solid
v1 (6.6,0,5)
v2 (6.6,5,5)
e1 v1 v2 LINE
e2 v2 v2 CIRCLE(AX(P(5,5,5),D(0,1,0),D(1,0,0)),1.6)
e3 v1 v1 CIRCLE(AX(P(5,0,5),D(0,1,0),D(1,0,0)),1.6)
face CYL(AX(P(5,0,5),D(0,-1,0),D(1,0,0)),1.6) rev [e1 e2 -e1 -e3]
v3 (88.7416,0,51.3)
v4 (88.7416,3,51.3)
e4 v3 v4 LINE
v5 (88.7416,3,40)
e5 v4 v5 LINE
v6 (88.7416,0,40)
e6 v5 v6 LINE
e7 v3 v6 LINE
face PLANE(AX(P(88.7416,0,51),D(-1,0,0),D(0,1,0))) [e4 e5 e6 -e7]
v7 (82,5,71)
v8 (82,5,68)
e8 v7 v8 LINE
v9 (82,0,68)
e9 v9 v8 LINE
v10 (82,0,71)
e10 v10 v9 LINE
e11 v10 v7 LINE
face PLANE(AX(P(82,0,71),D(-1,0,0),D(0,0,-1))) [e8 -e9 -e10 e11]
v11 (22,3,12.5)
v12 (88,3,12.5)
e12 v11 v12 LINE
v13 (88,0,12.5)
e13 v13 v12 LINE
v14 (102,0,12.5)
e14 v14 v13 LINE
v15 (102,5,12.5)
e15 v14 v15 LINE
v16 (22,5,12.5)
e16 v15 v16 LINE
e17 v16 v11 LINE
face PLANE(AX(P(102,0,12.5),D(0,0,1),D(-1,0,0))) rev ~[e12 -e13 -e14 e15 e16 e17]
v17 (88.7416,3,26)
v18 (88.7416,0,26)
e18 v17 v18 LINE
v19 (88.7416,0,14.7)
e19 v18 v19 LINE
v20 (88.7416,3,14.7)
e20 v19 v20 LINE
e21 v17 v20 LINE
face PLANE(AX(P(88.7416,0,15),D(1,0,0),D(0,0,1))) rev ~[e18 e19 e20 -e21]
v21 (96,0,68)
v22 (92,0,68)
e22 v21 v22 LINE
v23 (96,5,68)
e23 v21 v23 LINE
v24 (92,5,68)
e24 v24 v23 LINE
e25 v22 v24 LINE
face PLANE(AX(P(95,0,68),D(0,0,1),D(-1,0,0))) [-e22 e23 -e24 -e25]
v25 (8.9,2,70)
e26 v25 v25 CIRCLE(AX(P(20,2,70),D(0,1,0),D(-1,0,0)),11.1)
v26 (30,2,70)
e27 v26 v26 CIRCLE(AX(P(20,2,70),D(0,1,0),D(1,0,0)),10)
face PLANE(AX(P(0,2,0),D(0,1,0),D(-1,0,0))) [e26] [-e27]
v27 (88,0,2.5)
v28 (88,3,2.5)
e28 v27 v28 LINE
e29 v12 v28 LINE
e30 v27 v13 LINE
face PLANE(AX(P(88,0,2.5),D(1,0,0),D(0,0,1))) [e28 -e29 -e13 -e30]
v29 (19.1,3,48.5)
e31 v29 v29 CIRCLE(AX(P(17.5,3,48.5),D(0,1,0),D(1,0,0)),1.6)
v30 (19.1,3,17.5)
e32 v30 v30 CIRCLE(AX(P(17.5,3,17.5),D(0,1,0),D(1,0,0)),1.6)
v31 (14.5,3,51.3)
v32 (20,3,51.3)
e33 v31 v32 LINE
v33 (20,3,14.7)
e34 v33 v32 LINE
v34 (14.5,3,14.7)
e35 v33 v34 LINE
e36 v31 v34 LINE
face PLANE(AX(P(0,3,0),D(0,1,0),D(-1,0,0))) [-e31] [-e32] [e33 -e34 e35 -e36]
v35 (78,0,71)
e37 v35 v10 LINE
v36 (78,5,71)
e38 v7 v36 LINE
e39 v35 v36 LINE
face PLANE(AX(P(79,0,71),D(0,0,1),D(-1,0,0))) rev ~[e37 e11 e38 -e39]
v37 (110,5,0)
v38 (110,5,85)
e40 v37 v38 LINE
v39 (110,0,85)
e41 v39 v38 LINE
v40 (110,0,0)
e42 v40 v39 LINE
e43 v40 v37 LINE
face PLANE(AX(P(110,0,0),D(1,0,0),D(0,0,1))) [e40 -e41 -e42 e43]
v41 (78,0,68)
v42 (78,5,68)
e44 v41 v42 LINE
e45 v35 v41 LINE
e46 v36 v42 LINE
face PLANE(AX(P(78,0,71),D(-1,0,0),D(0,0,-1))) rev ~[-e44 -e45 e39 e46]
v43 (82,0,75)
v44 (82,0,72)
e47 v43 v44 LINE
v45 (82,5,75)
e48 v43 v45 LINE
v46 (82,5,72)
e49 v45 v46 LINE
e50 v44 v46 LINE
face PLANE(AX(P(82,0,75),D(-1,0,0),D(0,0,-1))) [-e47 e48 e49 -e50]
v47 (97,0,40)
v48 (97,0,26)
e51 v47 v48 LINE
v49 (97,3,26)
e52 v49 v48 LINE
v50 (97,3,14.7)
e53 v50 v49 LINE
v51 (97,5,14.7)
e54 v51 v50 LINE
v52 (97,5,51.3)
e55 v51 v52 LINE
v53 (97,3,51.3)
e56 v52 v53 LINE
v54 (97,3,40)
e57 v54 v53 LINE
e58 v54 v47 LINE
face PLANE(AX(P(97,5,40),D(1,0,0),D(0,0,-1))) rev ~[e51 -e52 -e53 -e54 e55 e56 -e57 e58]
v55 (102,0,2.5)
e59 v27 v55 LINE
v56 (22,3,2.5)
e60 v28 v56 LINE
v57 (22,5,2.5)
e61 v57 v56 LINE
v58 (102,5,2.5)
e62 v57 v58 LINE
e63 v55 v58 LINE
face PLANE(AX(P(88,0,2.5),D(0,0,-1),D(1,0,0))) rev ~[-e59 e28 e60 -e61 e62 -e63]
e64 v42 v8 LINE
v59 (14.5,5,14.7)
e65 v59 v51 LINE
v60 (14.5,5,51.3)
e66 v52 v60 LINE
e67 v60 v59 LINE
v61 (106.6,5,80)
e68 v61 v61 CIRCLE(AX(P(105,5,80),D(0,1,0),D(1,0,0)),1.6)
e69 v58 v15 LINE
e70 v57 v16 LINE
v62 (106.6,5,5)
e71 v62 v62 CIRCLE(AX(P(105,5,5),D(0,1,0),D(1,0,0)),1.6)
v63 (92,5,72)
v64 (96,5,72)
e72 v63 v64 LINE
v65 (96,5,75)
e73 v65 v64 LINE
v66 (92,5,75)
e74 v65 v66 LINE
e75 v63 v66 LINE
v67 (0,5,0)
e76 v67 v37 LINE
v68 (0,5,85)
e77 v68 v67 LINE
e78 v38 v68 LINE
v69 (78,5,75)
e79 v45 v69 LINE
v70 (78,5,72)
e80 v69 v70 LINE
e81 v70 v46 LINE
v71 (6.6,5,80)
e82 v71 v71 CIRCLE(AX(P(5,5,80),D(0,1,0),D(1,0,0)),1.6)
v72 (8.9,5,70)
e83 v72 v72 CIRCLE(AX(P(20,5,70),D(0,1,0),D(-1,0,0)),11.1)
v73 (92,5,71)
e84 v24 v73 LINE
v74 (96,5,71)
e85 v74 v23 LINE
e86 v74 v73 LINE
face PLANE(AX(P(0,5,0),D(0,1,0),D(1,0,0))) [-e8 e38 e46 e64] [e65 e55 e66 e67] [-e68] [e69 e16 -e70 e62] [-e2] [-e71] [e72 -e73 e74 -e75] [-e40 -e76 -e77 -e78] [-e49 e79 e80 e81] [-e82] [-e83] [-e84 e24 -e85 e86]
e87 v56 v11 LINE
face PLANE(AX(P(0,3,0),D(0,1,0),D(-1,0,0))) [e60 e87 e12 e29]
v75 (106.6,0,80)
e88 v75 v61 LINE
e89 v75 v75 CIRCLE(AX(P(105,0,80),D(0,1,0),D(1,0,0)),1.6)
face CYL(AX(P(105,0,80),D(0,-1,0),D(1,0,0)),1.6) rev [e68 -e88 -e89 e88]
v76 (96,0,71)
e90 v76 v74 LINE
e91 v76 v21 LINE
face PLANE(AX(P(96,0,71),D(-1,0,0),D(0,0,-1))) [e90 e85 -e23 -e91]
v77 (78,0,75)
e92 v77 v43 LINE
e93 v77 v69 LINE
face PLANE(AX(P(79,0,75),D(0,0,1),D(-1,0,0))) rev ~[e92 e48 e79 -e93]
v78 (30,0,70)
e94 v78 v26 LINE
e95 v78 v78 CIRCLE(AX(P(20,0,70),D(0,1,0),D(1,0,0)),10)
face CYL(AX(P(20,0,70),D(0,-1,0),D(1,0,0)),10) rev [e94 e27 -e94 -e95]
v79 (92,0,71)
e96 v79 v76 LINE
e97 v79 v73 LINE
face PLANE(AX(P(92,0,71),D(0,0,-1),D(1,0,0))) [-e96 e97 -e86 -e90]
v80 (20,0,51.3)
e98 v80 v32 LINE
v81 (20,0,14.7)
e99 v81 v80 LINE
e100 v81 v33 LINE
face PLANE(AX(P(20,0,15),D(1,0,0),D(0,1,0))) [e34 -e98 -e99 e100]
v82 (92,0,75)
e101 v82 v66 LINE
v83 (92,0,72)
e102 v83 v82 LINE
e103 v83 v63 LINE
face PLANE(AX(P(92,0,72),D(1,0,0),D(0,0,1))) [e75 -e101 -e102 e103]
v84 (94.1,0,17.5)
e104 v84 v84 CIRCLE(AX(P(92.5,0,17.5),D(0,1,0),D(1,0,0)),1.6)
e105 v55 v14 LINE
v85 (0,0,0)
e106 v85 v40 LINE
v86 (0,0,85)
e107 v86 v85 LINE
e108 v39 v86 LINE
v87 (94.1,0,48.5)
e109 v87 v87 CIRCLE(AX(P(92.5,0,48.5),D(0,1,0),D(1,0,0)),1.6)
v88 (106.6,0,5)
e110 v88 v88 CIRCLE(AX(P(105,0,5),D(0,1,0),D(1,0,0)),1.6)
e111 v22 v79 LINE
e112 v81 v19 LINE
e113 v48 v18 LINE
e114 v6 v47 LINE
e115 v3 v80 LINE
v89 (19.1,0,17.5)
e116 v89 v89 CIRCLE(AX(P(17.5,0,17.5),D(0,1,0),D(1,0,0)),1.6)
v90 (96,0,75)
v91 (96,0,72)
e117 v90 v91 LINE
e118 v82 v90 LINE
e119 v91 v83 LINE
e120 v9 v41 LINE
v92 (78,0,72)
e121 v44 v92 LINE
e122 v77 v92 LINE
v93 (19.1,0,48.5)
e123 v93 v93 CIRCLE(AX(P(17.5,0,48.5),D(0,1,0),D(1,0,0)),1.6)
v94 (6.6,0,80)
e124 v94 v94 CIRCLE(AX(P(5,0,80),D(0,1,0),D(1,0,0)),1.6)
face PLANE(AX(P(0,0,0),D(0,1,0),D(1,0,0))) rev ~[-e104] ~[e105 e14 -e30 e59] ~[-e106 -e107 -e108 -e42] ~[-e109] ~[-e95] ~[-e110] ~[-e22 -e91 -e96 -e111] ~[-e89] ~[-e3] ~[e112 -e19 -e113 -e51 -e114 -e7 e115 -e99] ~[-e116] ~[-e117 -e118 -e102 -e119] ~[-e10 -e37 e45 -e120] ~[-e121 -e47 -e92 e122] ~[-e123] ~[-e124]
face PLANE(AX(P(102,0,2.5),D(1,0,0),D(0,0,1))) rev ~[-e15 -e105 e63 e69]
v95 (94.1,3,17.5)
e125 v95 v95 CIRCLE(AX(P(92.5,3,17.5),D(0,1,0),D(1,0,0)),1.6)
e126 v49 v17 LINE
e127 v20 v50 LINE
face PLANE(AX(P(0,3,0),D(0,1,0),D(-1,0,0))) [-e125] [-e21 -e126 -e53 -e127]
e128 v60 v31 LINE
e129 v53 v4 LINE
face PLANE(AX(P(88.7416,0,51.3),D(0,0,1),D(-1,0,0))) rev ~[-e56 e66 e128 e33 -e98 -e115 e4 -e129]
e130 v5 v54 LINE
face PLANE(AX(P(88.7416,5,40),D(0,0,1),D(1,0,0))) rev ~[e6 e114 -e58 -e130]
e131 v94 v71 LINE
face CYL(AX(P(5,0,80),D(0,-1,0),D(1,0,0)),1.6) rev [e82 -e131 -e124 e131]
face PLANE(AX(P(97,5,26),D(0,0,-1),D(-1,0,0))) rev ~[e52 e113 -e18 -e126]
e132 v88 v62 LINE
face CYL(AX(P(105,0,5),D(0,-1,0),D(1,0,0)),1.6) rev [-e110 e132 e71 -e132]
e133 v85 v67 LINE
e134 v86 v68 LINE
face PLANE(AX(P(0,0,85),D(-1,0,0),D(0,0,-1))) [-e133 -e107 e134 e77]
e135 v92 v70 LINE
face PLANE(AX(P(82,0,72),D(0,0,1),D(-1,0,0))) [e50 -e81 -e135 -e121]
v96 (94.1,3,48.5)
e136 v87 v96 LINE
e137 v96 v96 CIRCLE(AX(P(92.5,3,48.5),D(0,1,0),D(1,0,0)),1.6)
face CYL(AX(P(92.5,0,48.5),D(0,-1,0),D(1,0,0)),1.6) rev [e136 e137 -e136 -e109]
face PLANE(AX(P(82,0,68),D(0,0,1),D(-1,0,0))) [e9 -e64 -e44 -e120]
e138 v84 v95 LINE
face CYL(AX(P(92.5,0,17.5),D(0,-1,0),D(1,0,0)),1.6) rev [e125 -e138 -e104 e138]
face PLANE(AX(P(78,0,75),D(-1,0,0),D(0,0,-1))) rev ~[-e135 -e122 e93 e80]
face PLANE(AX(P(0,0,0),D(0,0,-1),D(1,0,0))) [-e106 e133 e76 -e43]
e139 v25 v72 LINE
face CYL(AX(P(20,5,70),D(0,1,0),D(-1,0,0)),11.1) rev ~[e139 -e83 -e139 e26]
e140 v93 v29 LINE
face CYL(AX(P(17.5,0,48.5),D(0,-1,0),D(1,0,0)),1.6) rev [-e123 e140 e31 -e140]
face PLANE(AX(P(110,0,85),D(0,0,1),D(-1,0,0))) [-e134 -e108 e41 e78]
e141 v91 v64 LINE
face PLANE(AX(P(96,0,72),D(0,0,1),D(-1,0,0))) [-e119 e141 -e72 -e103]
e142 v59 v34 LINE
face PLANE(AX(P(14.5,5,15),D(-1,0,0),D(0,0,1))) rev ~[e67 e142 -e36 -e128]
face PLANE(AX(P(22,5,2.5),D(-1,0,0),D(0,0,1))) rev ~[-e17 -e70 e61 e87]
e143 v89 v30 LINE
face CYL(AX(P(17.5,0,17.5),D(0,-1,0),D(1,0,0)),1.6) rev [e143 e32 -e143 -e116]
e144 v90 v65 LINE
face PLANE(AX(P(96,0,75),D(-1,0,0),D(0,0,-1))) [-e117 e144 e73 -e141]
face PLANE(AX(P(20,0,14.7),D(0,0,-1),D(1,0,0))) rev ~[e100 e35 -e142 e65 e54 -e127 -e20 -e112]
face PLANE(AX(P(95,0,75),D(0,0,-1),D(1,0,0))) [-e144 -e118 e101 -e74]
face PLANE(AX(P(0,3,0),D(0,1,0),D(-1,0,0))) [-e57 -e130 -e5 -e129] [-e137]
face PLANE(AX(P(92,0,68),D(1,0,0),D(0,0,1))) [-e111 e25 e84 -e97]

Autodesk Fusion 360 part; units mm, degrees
sketch "Sketch1" plane through (0, 0, 0) normal (0, 1, 0) x (1, 0, 0) in component "mountingPlatee"
  line L0 (0, 0) -> (110, 0)
  line L1 (110, 0) -> (110, -85)
  line L2 (110, -85) -> (0, -85)
  line L3 (0, -85) -> (0, 0)
  line L4 (15, -15) -> (95, -15)
  line L5 (95, -15) -> (95, -51)
  line L6 (95, -51) -> (15, -51)
  line L7 (15, -51) -> (15, -15)
  line L8 (15, -15) -> (15, -17.5)
  circle A0 centre (17.5, -17.5) radius 1.6
  line L9 (15, -51) -> (17.5, -51)
  line L10 (15, -48.5) -> (15, -51)
  circle A1 centre (17.5, -48.5) radius 1.6
  circle A2 centre (92.5, -48.5) radius 1.6
  circle A3 centre (92.5, -17.5) radius 1.6
  line L11 (15, -15) -> (20, -15)
  line L12 (20, -15) -> (20, -51)
  line L13 (20, -51) -> (15, -51)
  line L14 (15, -51) -> (15, -15)
  line L15 (95, -15) -> (88.7416, -15)
  line L16 (88.7416, -15) -> (88.7416, -51)
  line L17 (88.7416, -51) -> (95, -51)
  line L18 (95, -51) -> (95, -15)
  line L19 (22, -2.5) -> (88, -2.5)
  line L20 (88, -2.5) -> (88, -12.5)
  line L21 (88, -12.5) -> (22, -12.5)
  line L22 (22, -12.5) -> (22, -2.5)
  circle A4 centre (20, -70) radius 10
  circle A5 centre (5, -80) radius 1.6
  circle A6 centre (5, -5) radius 1.6
  circle A7 centre (105, -5) radius 1.6
  circle A8 centre (105, -80) radius 1.6
  line L23 (95, -68) -> (92, -68)
  line L24 (95, -75) -> (92, -75)
  line L25 (92, -71) -> (95, -71)
  line L26 (95, -72) -> (92, -72)
  line L27 (82, -68) -> (79, -68)
  line L28 (79, -71) -> (82, -71)
  line L29 (82, -71) -> (82, -68)
  line L30 (82, -72) -> (79, -72)
  line L31 (79, -75) -> (82, -75)
  line L32 (82, -75) -> (82, -72)
  line L33 (88, -2.5) -> (102, -2.5)
  line L34 (102, -2.5) -> (102, -12.5)
  line L35 (102, -12.5) -> (88, -12.5)
  line L36 (88, -12.5) -> (88, -2.5)
  circle A9 centre (20, -70) radius 11.1
  line L37 (92, -75) -> (96, -75)
  line L38 (96, -75) -> (96, -72)
  line L39 (96, -72) -> (92, -72)
  line L40 (92, -72) -> (92, -75)
  line L41 (92, -71) -> (96, -71)
  line L42 (96, -71) -> (96, -68)
  line L43 (96, -68) -> (92, -68)
  line L44 (92, -68) -> (92, -71)
  line L45 (82, -75) -> (78, -75)
  line L46 (78, -75) -> (78, -72)
  line L47 (78, -72) -> (82, -72)
  line L48 (82, -72) -> (82, -75)
  line L49 (82, -71) -> (78, -71)
  line L50 (78, -71) -> (78, -68)
  line L51 (78, -68) -> (82, -68)
  line L52 (82, -68) -> (82, -71)
  dimension "d3" = 110
  dimension "d4" = 85
  dimension "d5" = 80
  dimension "d6" = 36
  dimension "d9" = 3.2
  dimension "d12" = 3.2
  dimension "d15" = 3.2
  dimension "d16" = 3.2
  dimension "d24" = 3.2
  dimension "d25" = 3.2
  dimension "d26" = 3.2
  dimension "d27" = 3.2
  dimension "d30" = 14
  dimension "d31" = 10
  dimension "d32" = 22.2
sketch "Sketch1 (2)" plane through (0, 0, 0) normal (0, 1, 0) x (1, 0, 0)
sketch "Sketch2" plane through (0, 0, 0) normal (0, 1, 0) x (1, 0, 0)
extrude "Extrude1" add sketch "Sketch1" along normal blind 5 contours L0 L1 L2 L3 | L4 L6 L7 L8 L9 L10 L11 L12 L13 L14 | L4 L5 L6 L15 L16 L17 L18 | L19 L20 L21 L22 L36 | A9
sketch "Sketch3" plane through (0, 5, 0) normal (0, 1, 0) x (-1, 0, 0)
  line L0 (-92, 75) -> (-92, 72)
  line L1 (-92, 72) -> (-96, 72)
  line L2 (-96, 72) -> (-96, 75)
  line L3 (-96, 75) -> (-92, 75)
  circle A0 centre (-5, 5) radius 1.6
  circle A1 centre (-17.5, 17.5) radius 1.6
  line L4 (-102, 12.5) -> (-88, 12.5)
  line L5 (-88, 12.5) -> (-88, 2.5)
  line L6 (-88, 2.5) -> (-102, 2.5)
  line L7 (-102, 2.5) -> (-102, 12.5)
  circle A2 centre (-105, 5) radius 1.6
  circle A3 centre (-105, 80) radius 1.6
  circle A4 centre (-17.5, 48.5) radius 1.6
  line L8 (-92, 71) -> (-92, 68)
  line L9 (-92, 68) -> (-96, 68)
  line L10 (-96, 68) -> (-96, 71)
  line L11 (-96, 71) -> (-92, 71)
  circle A5 centre (-5, 80) radius 1.6
  line L12 (-78, 68) -> (-82, 68)
  line L13 (-82, 68) -> (-82, 71)
  line L14 (-82, 71) -> (-78, 71)
  line L15 (-78, 71) -> (-78, 68)
  circle A6 centre (-92.5, 17.5) radius 1.6
  line L16 (-78, 72) -> (-82, 72)
  line L17 (-82, 72) -> (-82, 75)
  line L18 (-82, 75) -> (-78, 75)
  line L19 (-78, 75) -> (-78, 72)
  line L20 (-20, 51) -> (-20, 15)
  line L21 (-20, 15) -> (-88.7416, 15)
  line L22 (-88.7416, 15) -> (-88.7416, 51)
  line L23 (-88.7416, 51) -> (-20, 51)
  circle A7 centre (-92.5, 48.5) radius 1.6
  circle A8 centre (-20, 70) radius 10
  line L24 (0, 85) -> (-110, 85)
  line L25 (-110, 85) -> (-110, 0)
  line L26 (-110, 0) -> (0, 0)
  line L27 (0, 0) -> (0, 85)
  line L28 (-88, 2.5) -> (-22, 2.5)
  line L29 (-22, 2.5) -> (-22, 12.5)
  line L30 (-22, 12.5) -> (-88, 12.5)
  line L31 (-88, 12.5) -> (-88, 2.5)
  circle A9 centre (-20, 70) radius 11.1
  dimension "d35" = 66
  dimension "d36" = 22.2
extrude "Extrude2" cut sketch "Sketch3" against normal blind 2 contours L5 L28 L29 L30 L31 | A9
extrude "Extrude3" cut 1 faces at (30.692, 3, 70.5515) along direction (0, -1, 0) blind 1
sketch "Sketch4" plane through (0, 5, 0) normal (0, 1, 0) x (-1, 0, 0)
  line L0 (-22, 2.5) -> (-102, 2.5)
  line L1 (-102, 2.5) -> (-102, 12.5)
  line L2 (-102, 12.5) -> (-22, 12.5)
  line L3 (-22, 12.5) -> (-22, 2.5)
  circle A0 centre (-20, 70) radius 11.1
  line L4 (-92, 75) -> (-92, 72)
  line L5 (-92, 72) -> (-96, 72)
  line L6 (-96, 72) -> (-96, 75)
  line L7 (-96, 75) -> (-92, 75)
  circle A1 centre (-5, 5) radius 1.6
  circle A2 centre (-17.5, 17.5) radius 1.6
  circle A3 centre (-105, 5) radius 1.6
  circle A4 centre (-105, 80) radius 1.6
  circle A5 centre (-17.5, 48.5) radius 1.6
  line L8 (-92, 71) -> (-92, 68)
  line L9 (-92, 68) -> (-96, 68)
  line L10 (-96, 68) -> (-96, 71)
  line L11 (-96, 71) -> (-92, 71)
  circle A6 centre (-5, 80) radius 1.6
  line L12 (-78, 68) -> (-82, 68)
  line L13 (-82, 68) -> (-82, 71)
  line L14 (-82, 71) -> (-78, 71)
  line L15 (-78, 71) -> (-78, 68)
  circle A7 centre (-92.5, 17.5) radius 1.6
  line L16 (-78, 72) -> (-82, 72)
  line L17 (-82, 72) -> (-82, 75)
  line L18 (-82, 75) -> (-78, 75)
  line L19 (-78, 75) -> (-78, 72)
  line L20 (-20, 51) -> (-20, 15)
  line L21 (-20, 15) -> (-88.7416, 15)
  line L22 (-88.7416, 15) -> (-88.7416, 51)
  line L23 (-88.7416, 51) -> (-20, 51)
  circle A8 centre (-92.5, 48.5) radius 1.6
  line L24 (0, 85) -> (-110, 85)
  line L25 (-110, 85) -> (-110, 0)
  line L26 (-110, 0) -> (0, 0)
  line L27 (0, 0) -> (0, 85)
  line L28 (-20, 15) -> (-15, 15)
  line L29 (-15, 15) -> (-15, 51)
  line L30 (-15, 51) -> (-20, 51)
  line L31 (-20, 51) -> (-20, 15)
  line L32 (-88.7416, 15) -> (-96, 15)
  line L33 (-96, 15) -> (-96, 51)
  line L34 (-96, 51) -> (-88.7416, 51)
  line L35 (-88.7416, 51) -> (-88.7416, 15)
  line L36 (-88.7416, 51) -> (-88.7416, 40)
  line L37 (-88.7416, 40) -> (-96, 40)
  line L38 (-96, 40) -> (-96, 26)
  line L39 (-96, 26) -> (-88.7416, 26)
  line L40 (-88.7416, 26) -> (-88.7416, 40)
extrude "Extrude4" cut sketch "Sketch4" against normal blind 5 contours L22 L33 L35 L37 L38 L39 L40
sketch "Sketch5" plane through (0, 5, 0) normal (0, 1, 0) x (-1, 0, 0)
  line L0 (-96, 40) -> (-88.7416, 40)
  line L1 (-88.7416, 40) -> (-88.7416, 51)
  line L2 (-88.7416, 51) -> (-20, 51)
  line L3 (-20, 51) -> (-20, 15)
  line L4 (-20, 15) -> (-88.7416, 15)
  line L5 (-88.7416, 15) -> (-88.7416, 26)
  line L6 (-88.7416, 26) -> (-96, 26)
  line L7 (-96, 26) -> (-96, 40)
  line L8 (-22, 2.5) -> (-102, 2.5)
  line L9 (-102, 2.5) -> (-102, 12.5)
  line L10 (-102, 12.5) -> (-22, 12.5)
  line L11 (-22, 12.5) -> (-22, 2.5)
  circle A0 centre (-20, 70) radius 11.1
  line L12 (-92, 75) -> (-92, 72)
  line L13 (-92, 72) -> (-96, 72)
  line L14 (-96, 72) -> (-96, 75)
  line L15 (-96, 75) -> (-92, 75)
  circle A1 centre (-5, 5) radius 1.6
  circle A2 centre (-17.5, 17.5) radius 1.6
  circle A3 centre (-105, 5) radius 1.6
  circle A4 centre (-105, 80) radius 1.6
  circle A5 centre (-17.5, 48.5) radius 1.6
  line L16 (-92, 71) -> (-92, 68)
  line L17 (-92, 68) -> (-96, 68)
  line L18 (-96, 68) -> (-96, 71)
  line L19 (-96, 71) -> (-92, 71)
  circle A6 centre (-5, 80) radius 1.6
  line L20 (-78, 68) -> (-82, 68)
  line L21 (-82, 68) -> (-82, 71)
  line L22 (-82, 71) -> (-78, 71)
  line L23 (-78, 71) -> (-78, 68)
  circle A7 centre (-92.5, 17.5) radius 1.6
  line L24 (-78, 72) -> (-82, 72)
  line L25 (-82, 72) -> (-82, 75)
  line L26 (-82, 75) -> (-78, 75)
  line L27 (-78, 75) -> (-78, 72)
  circle A8 centre (-92.5, 48.5) radius 1.6
  line L28 (0, 85) -> (-110, 85)
  line L29 (-110, 85) -> (-110, 0)
  line L30 (-110, 0) -> (0, 0)
  line L31 (0, 0) -> (0, 85)
  line L32 (-20, 15) -> (-14.5, 15)
  line L33 (-14.5, 15) -> (-14.5, 51)
  line L34 (-14.5, 51) -> (-20, 51)
  line L35 (-20, 51) -> (-20, 15)
  line L36 (-88.7416, 15) -> (-97, 15)
  line L37 (-97, 15) -> (-97, 26)
  line L38 (-97, 26) -> (-88.7416, 26)
  line L39 (-88.7416, 26) -> (-88.7416, 15)
  line L40 (-88.7416, 40) -> (-97, 40)
  line L41 (-97, 40) -> (-97, 51)
  line L42 (-97, 51) -> (-88.7416, 51)
  line L43 (-88.7416, 51) -> (-88.7416, 40)
  dimension "d43" = 5.5
  dimension "d44" = 36
extrude "Extrude5" cut sketch "Sketch5" against normal blind 2 contours L0 L1 L40 L41 L42 L43 | L5 L6 L36 L37 L38 L39 | L3 L32 L33 L34 L35
sketch "Sketch6" plane through (0, 5, 0) normal (0, 1, 0) x (-1, 0, 0)
  line L0 (-14.5, 15) -> (-97, 15)
  line L1 (-97, 15) -> (-97, 26)
  line L2 (-97, 26) -> (-96, 26)
  line L3 (-96, 26) -> (-96, 40)
  line L4 (-96, 40) -> (-97, 40)
  line L5 (-97, 40) -> (-97, 51)
  line L6 (-97, 51) -> (-20, 51)
  line L7 (-20, 51) -> (-14.5, 51)
  line L8 (-14.5, 51) -> (-14.5, 15)
  line L9 (-22, 2.5) -> (-102, 2.5)
  line L10 (-102, 2.5) -> (-102, 12.5)
  line L11 (-102, 12.5) -> (-22, 12.5)
  line L12 (-22, 12.5) -> (-22, 2.5)
  circle A0 centre (-20, 70) radius 11.1
  line L13 (-92, 75) -> (-92, 72)
  line L14 (-92, 72) -> (-96, 72)
  line L15 (-96, 72) -> (-96, 75)
  line L16 (-96, 75) -> (-92, 75)
  circle A1 centre (-5, 5) radius 1.6
  circle A2 centre (-105, 5) radius 1.6
  circle A3 centre (-105, 80) radius 1.6
  line L17 (-92, 71) -> (-92, 68)
  line L18 (-92, 68) -> (-96, 68)
  line L19 (-96, 68) -> (-96, 71)
  line L20 (-96, 71) -> (-92, 71)
  circle A4 centre (-5, 80) radius 1.6
  line L21 (-78, 68) -> (-82, 68)
  line L22 (-82, 68) -> (-82, 71)
  line L23 (-82, 71) -> (-78, 71)
  line L24 (-78, 71) -> (-78, 68)
  line L25 (-78, 72) -> (-82, 72)
  line L26 (-82, 72) -> (-82, 75)
  line L27 (-82, 75) -> (-78, 75)
  line L28 (-78, 75) -> (-78, 72)
  line L29 (0, 85) -> (-110, 85)
  line L30 (-110, 85) -> (-110, 0)
  line L31 (-110, 0) -> (0, 0)
  line L32 (0, 0) -> (0, 85)
  line L33 (-97, 26) -> (-96, 26)
  line L34 (-96, 26) -> (-96, 40)
  line L35 (-96, 40) -> (-97, 40)
  line L36 (-97, 40) -> (-97, 26)
extrude "Extrude6" cut sketch "Sketch6" against normal blind 5 contours L2 L3 L4 L33 L34 L35 L36
extrude "Extrude7" cut 2 faces at (42.9139, 1, 51) (94.2472, 3.6667, 51) along direction (0, 0, 1) blind 0.3
extrude "Extrude8" cut 1 faces at (42.9139, 1, 15) along direction (0, 0, -1) blind 0.3
sketch "Sketch7" plane through (0, 5, 0) normal (0, 1, 0) x (-1, 0, 0)
  line L0 (-97, 14.7) -> (-97, 51.3)
  line L1 (-97, 51.3) -> (-20, 51.3)
  line L2 (-20, 51.3) -> (-14.5, 51.3)
  line L3 (-14.5, 51.3) -> (-14.5, 14.7)
  line L4 (-14.5, 14.7) -> (-97, 14.7)
  line L5 (0, 85) -> (-110, 85)
  line L6 (-110, 85) -> (-110, 0)
  line L7 (-110, 0) -> (0, 0)
  line L8 (0, 0) -> (0, 85)
  line L9 (-78, 72) -> (-82, 72)
  line L10 (-82, 72) -> (-82, 75)
  line L11 (-82, 75) -> (-78, 75)
  line L12 (-78, 75) -> (-78, 72)
  line L13 (-78, 68) -> (-82, 68)
  line L14 (-82, 68) -> (-82, 71)
  line L15 (-82, 71) -> (-78, 71)
  line L16 (-78, 71) -> (-78, 68)
  circle A0 centre (-5, 80) radius 1.6
  line L17 (-92, 71) -> (-92, 68)
  line L18 (-92, 68) -> (-96, 68)
  line L19 (-96, 68) -> (-96, 71)
  line L20 (-96, 71) -> (-92, 71)
  circle A1 centre (-105, 80) radius 1.6
  circle A2 centre (-105, 5) radius 1.6
  circle A3 centre (-5, 5) radius 1.6
  line L21 (-92, 75) -> (-92, 72)
  line L22 (-92, 72) -> (-96, 72)
  line L23 (-96, 72) -> (-96, 75)
  line L24 (-96, 75) -> (-92, 75)
  circle A4 centre (-20, 70) radius 11.1
  line L25 (-22, 2.5) -> (-102, 2.5)
  line L26 (-102, 2.5) -> (-102, 12.5)
  line L27 (-102, 12.5) -> (-22, 12.5)
  line L28 (-22, 12.5) -> (-22, 2.5)
component "mountingPlatee" placed x (1, 0, 0) y (0, 1, 0) z (0, 0, 1) at (0, 0, 0)
